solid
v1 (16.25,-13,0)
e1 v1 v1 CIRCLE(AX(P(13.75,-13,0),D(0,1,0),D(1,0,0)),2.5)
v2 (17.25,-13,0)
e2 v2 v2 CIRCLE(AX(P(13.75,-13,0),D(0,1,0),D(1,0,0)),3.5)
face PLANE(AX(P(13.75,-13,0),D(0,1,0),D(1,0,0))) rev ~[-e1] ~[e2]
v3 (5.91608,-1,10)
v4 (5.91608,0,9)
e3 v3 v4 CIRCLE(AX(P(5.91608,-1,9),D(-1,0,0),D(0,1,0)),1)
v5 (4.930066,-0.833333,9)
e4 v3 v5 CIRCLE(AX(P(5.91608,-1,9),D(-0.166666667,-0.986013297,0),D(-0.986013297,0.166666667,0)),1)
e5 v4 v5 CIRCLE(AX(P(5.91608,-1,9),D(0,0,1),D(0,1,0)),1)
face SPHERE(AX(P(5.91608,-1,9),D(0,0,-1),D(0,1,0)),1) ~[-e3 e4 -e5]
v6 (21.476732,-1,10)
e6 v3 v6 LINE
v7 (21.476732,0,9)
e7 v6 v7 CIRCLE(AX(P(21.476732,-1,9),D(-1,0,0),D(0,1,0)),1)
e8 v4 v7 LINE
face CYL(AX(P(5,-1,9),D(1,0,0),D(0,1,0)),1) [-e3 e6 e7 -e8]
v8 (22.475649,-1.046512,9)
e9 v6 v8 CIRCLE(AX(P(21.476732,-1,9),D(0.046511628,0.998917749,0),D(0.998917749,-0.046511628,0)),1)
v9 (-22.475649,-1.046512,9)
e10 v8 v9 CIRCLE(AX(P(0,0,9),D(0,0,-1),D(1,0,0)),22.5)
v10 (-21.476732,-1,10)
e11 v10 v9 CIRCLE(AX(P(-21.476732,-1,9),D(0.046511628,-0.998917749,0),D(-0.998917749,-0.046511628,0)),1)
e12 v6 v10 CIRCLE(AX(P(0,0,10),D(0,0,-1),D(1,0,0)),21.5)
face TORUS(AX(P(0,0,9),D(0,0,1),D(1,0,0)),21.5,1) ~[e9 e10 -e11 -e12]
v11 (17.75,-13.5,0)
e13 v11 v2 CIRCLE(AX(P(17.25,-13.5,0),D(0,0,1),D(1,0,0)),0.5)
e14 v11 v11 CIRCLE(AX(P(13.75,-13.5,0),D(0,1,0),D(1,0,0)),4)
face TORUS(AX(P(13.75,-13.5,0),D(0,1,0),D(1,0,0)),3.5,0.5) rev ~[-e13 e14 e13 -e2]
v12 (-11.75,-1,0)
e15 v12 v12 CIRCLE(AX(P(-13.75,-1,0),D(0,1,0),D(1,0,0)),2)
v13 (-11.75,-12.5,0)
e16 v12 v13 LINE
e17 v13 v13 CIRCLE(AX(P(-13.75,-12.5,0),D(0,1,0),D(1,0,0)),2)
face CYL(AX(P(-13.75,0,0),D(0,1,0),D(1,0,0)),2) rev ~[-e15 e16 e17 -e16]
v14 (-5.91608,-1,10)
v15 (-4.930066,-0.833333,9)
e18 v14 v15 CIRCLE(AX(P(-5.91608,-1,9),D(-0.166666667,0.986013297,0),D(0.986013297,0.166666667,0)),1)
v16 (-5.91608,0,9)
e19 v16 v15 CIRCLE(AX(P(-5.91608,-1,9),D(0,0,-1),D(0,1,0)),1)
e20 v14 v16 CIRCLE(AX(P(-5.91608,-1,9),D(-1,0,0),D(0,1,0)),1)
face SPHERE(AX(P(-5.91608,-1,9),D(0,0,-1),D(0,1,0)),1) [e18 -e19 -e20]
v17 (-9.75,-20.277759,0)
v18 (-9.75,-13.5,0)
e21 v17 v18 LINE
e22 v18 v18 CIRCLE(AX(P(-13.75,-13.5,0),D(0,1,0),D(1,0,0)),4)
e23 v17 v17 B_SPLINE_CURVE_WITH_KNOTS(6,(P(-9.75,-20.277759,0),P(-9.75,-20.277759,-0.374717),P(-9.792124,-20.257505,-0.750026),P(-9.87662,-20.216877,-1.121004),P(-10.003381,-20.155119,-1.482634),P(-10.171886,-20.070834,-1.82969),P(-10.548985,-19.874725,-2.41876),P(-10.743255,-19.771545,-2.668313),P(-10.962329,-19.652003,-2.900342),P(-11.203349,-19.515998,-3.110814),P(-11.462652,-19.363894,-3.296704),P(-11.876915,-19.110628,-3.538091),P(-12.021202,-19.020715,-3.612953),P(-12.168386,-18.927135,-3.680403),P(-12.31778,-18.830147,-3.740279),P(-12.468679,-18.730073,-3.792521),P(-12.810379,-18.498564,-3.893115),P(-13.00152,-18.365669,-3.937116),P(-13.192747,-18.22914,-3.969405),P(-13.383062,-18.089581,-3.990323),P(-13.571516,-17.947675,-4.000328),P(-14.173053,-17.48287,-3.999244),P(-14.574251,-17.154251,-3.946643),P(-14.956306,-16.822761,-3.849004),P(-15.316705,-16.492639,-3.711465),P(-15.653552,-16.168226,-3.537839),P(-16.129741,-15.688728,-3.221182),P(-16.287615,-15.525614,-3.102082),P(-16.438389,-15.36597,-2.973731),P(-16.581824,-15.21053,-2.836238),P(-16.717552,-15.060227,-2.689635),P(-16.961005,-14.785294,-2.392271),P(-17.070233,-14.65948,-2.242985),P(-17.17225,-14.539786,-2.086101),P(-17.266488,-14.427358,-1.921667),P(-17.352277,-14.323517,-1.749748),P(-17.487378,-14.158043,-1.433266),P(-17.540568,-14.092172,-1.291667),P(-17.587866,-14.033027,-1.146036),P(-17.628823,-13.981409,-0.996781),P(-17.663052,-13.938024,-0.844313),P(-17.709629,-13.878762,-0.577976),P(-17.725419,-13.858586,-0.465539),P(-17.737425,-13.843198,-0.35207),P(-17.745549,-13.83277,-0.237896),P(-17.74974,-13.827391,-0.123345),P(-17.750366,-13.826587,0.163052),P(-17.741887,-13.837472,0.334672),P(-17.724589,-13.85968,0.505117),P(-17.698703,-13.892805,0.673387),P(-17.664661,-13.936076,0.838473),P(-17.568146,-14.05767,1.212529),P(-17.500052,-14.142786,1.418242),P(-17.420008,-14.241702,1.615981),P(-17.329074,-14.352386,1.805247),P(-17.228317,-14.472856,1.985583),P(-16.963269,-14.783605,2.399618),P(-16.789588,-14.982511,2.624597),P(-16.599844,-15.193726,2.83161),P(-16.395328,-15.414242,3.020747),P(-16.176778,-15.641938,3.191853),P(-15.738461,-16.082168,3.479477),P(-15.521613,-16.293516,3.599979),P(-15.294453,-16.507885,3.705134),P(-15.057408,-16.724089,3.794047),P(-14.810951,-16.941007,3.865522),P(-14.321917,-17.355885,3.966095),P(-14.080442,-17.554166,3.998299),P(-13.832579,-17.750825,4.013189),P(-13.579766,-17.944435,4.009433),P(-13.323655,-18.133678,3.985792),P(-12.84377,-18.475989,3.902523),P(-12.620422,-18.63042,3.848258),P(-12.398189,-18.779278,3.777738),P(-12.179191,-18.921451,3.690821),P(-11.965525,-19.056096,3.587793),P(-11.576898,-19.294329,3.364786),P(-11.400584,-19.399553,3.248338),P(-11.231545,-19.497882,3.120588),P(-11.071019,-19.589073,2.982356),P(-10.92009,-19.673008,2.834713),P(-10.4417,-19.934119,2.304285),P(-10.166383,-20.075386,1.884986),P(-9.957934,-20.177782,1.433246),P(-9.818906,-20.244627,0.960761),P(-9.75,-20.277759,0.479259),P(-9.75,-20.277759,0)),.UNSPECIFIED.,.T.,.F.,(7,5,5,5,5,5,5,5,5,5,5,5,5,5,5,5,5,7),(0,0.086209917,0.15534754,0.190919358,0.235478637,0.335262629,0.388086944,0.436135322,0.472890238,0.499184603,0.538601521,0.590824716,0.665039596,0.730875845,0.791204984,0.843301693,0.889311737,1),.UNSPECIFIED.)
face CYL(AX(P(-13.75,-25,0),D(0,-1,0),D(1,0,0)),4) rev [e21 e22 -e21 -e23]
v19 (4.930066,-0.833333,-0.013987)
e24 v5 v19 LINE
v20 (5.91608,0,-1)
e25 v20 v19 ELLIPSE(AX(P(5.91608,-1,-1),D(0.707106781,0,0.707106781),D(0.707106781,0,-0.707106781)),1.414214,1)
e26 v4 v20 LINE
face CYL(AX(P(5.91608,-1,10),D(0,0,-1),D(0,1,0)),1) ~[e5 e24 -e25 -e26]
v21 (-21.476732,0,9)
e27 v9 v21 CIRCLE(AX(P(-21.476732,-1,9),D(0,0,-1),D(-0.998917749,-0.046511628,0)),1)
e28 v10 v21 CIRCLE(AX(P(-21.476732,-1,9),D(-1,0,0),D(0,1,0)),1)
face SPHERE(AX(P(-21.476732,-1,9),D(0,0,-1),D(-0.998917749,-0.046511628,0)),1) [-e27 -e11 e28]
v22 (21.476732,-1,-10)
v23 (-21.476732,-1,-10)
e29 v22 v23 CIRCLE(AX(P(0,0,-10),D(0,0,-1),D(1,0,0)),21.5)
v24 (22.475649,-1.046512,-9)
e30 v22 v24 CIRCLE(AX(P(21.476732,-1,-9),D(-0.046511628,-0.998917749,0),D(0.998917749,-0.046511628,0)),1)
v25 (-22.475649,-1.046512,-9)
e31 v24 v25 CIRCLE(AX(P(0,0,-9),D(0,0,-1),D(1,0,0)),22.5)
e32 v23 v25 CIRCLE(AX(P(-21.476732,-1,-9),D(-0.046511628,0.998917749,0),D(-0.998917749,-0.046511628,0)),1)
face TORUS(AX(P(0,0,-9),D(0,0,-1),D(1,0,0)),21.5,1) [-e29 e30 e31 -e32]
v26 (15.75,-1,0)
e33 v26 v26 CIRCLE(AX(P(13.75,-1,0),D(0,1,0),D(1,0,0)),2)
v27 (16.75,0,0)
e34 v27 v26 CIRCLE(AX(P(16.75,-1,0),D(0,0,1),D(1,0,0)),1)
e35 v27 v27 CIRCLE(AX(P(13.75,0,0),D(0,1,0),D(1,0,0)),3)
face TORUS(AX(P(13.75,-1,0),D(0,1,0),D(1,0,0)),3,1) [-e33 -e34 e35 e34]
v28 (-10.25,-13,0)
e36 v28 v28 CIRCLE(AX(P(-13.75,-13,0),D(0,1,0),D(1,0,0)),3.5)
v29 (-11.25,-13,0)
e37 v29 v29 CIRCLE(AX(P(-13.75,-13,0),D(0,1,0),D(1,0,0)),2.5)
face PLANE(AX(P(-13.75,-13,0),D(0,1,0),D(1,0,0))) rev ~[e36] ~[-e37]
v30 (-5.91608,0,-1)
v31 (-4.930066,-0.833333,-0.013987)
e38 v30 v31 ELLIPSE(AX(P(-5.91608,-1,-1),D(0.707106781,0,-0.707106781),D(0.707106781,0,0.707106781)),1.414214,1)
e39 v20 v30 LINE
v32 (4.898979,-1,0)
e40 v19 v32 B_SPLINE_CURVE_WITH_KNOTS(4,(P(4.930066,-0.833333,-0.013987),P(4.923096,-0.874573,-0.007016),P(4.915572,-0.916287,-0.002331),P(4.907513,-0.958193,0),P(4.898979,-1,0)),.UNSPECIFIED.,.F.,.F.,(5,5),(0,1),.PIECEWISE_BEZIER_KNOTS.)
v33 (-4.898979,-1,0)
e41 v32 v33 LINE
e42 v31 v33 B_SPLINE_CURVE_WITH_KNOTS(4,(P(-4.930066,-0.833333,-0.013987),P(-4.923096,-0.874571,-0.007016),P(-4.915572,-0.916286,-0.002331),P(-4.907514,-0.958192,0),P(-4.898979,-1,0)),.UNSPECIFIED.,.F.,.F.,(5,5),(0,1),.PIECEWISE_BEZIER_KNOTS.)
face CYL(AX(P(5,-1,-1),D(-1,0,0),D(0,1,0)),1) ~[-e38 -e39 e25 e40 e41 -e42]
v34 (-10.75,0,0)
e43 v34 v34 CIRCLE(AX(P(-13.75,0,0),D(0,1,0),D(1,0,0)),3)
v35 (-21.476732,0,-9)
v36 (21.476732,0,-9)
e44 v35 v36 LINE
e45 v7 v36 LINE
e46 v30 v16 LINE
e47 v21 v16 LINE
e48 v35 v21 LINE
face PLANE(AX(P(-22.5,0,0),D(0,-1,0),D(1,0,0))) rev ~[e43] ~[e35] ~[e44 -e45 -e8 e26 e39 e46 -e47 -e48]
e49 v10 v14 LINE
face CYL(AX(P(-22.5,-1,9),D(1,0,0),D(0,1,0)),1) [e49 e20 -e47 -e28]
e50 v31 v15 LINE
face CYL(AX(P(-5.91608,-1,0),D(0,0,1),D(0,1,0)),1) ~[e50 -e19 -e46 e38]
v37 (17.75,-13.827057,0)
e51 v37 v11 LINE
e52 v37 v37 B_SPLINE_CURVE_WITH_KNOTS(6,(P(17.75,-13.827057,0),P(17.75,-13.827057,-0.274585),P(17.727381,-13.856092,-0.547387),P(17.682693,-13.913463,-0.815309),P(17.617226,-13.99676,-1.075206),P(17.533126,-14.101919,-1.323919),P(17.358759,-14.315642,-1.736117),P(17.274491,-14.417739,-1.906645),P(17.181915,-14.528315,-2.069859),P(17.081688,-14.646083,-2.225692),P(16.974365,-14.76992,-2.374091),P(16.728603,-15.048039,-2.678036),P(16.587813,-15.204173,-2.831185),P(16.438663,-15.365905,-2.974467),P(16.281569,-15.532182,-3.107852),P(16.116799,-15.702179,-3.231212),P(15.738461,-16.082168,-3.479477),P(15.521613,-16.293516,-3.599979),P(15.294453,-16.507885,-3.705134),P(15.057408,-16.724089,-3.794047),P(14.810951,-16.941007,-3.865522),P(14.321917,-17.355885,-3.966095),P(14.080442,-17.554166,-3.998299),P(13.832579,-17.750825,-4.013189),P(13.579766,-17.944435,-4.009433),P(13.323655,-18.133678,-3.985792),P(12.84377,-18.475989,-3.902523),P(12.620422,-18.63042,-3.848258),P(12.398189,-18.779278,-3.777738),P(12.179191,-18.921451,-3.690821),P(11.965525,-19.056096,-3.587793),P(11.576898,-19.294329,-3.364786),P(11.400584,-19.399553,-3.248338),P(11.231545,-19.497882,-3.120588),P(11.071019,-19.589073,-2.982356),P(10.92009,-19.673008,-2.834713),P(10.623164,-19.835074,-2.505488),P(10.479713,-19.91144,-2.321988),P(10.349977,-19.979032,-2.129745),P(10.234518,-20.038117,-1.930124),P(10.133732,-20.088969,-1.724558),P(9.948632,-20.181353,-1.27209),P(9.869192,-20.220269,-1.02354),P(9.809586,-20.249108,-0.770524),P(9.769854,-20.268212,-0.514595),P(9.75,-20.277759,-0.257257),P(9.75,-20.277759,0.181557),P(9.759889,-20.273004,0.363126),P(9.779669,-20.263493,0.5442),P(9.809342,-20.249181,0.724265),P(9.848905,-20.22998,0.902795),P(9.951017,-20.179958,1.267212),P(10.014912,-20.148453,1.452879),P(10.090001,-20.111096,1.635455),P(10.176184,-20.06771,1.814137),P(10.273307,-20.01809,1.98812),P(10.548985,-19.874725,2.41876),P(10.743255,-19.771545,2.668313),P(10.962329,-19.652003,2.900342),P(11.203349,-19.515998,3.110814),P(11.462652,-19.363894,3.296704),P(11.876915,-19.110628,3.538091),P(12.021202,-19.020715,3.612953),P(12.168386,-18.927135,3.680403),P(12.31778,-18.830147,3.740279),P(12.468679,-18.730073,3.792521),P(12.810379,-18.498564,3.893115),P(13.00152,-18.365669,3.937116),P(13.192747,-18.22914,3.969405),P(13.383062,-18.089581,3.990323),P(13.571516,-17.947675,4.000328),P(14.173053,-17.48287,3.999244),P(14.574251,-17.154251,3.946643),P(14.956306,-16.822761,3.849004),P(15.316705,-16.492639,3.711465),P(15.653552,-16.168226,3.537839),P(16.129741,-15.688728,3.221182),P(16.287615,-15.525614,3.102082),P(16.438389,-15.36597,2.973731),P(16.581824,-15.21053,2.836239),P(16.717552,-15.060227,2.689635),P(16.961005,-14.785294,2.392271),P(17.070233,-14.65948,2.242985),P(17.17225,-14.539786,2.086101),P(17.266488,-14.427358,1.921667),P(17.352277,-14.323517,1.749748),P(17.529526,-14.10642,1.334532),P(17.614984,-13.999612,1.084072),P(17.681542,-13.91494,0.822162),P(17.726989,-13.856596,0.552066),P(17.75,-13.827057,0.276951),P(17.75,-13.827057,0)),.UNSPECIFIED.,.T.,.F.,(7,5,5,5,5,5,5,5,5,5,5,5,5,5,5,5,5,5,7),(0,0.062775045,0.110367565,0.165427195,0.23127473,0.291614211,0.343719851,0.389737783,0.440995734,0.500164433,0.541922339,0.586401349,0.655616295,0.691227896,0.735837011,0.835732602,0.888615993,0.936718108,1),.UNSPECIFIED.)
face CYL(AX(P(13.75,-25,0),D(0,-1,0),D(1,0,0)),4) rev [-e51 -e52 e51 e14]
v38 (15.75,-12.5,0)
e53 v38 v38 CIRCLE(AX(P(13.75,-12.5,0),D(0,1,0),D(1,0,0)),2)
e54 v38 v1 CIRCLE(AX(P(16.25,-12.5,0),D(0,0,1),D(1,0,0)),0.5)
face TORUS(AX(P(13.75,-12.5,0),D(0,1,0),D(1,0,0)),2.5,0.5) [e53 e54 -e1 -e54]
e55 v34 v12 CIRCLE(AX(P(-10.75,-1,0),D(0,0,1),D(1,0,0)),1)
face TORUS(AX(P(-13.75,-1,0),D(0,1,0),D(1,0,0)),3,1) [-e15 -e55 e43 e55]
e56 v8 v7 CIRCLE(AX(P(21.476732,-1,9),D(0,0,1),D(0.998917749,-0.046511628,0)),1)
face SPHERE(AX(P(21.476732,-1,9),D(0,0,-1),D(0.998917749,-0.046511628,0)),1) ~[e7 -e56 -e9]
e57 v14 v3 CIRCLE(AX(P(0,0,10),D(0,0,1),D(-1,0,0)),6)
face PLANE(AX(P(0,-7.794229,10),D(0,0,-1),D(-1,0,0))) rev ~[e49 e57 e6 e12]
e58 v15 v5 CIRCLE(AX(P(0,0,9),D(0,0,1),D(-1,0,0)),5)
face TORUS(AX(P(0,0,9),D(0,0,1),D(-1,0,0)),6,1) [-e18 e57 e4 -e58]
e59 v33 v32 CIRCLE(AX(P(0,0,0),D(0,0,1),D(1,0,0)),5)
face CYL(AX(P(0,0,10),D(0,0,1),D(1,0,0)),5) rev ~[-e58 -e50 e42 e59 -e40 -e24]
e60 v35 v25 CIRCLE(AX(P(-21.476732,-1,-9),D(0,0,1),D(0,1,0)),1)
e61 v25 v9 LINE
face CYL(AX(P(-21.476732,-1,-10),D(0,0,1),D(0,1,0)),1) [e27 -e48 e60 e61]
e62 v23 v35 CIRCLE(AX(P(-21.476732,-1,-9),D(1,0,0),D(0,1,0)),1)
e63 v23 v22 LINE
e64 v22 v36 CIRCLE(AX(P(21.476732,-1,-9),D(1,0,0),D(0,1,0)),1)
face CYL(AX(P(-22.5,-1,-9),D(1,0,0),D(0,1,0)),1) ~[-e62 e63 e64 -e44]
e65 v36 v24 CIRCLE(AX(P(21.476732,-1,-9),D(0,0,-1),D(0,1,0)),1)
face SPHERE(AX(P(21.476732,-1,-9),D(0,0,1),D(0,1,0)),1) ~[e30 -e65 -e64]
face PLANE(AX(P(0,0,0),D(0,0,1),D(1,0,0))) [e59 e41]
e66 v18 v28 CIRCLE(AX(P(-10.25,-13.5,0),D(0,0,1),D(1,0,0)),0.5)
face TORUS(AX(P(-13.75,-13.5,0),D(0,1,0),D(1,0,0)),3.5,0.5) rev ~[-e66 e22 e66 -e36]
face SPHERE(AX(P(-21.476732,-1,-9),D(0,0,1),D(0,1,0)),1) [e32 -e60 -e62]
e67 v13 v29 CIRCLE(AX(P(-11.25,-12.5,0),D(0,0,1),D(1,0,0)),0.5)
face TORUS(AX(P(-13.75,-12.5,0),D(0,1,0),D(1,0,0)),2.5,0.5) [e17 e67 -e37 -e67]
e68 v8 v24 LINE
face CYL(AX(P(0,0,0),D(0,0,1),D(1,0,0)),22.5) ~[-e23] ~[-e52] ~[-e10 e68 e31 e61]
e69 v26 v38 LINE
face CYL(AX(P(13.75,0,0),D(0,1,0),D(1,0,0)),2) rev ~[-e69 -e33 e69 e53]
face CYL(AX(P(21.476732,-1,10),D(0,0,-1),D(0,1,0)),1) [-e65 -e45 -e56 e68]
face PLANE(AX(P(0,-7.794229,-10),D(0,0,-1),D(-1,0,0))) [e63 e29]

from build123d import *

# Parameters (mm, degrees)
BOSS_EXTRUDE1_DEPTH = 10
SKETCH2_R           = 5
CUT_EXTRUDE1_DEPTH  = 10
SKETCH3_R           = 2
CUT_EXTRUDE2_DEPTH  = 23.5
SKETCH4_R           = 4
CUT_EXTRUDE3_DEPTH  = 12
FILLET1_R           = 1
FILLET2_R           = 0.5


with BuildPart() as part:
    # Sketch1 → Boss-Extrude1 (new body, symmetric)
    with BuildSketch(Plane.XY):
        with BuildLine():
            Line((-22.5, 0), (22.5, 0))
            ThreePointArc((22.5, 0), (0, -22.5), (-22.5, 0))
        make_face()
    extrude(amount=BOSS_EXTRUDE1_DEPTH, both=True)

    # Sketch2 → Cut-Extrude1 (cut)
    with BuildSketch(Plane.XY.offset(10)):
        Circle(SKETCH2_R)
    extrude(amount=-CUT_EXTRUDE1_DEPTH, mode=Mode.SUBTRACT)

    # Sketch3 → Cut-Extrude2 (cut, through all)
    with BuildSketch(Plane(origin=(0, 0, 0), x_dir=(1, 0, 0), z_dir=(0, 1, 0))):
        with Locations((13.75, 0)):
            Circle(SKETCH3_R)
        with Locations((-13.75, 0)):
            Circle(SKETCH3_R)
    extrude(amount=-CUT_EXTRUDE2_DEPTH, mode=Mode.SUBTRACT)

    # Sketch4 → Cut-Extrude3 (cut)
    with BuildSketch(Plane(origin=(0, -25, 0), x_dir=(1, 0, 0), z_dir=(0, 1, 0))):
        with Locations((13.75, 0)):
            Circle(SKETCH4_R)
        with Locations((-13.75, 0)):
            Circle(SKETCH4_R)
    extrude(amount=CUT_EXTRUDE3_DEPTH, mode=Mode.SUBTRACT)

    # Fillet1
    fillet1_edges = [part.edges().sort_by_distance(p)[0] for p in [
        (0, 0, 0),
        (5, 0, 5),
        (-5, 0, 5),
        (11.75, 0, 0),
        (-15.75, 0, 0),
        (0, 0, -10),
        (0, -22.5, -10),
        (-22.5, 0, 0),
        (22.5, 0, 0),
        (0, -22.5, 10),
        (13.75, 0, 10),
        (-13.75, 0, 10),
        (0, -5, 10),
    ]]
    fillet(fillet1_edges, radius=FILLET1_R)

    # Fillet2
    fillet2_edges = [part.edges().sort_by_distance(p)[0] for p in [
        (9.75, -13, 0),
        (11.75, -13, 0),
        (-17.75, -13, 0),
        (-15.75, -13, 0),
    ]]
    fillet(fillet2_edges, radius=FILLET2_R)


solid = part.part
